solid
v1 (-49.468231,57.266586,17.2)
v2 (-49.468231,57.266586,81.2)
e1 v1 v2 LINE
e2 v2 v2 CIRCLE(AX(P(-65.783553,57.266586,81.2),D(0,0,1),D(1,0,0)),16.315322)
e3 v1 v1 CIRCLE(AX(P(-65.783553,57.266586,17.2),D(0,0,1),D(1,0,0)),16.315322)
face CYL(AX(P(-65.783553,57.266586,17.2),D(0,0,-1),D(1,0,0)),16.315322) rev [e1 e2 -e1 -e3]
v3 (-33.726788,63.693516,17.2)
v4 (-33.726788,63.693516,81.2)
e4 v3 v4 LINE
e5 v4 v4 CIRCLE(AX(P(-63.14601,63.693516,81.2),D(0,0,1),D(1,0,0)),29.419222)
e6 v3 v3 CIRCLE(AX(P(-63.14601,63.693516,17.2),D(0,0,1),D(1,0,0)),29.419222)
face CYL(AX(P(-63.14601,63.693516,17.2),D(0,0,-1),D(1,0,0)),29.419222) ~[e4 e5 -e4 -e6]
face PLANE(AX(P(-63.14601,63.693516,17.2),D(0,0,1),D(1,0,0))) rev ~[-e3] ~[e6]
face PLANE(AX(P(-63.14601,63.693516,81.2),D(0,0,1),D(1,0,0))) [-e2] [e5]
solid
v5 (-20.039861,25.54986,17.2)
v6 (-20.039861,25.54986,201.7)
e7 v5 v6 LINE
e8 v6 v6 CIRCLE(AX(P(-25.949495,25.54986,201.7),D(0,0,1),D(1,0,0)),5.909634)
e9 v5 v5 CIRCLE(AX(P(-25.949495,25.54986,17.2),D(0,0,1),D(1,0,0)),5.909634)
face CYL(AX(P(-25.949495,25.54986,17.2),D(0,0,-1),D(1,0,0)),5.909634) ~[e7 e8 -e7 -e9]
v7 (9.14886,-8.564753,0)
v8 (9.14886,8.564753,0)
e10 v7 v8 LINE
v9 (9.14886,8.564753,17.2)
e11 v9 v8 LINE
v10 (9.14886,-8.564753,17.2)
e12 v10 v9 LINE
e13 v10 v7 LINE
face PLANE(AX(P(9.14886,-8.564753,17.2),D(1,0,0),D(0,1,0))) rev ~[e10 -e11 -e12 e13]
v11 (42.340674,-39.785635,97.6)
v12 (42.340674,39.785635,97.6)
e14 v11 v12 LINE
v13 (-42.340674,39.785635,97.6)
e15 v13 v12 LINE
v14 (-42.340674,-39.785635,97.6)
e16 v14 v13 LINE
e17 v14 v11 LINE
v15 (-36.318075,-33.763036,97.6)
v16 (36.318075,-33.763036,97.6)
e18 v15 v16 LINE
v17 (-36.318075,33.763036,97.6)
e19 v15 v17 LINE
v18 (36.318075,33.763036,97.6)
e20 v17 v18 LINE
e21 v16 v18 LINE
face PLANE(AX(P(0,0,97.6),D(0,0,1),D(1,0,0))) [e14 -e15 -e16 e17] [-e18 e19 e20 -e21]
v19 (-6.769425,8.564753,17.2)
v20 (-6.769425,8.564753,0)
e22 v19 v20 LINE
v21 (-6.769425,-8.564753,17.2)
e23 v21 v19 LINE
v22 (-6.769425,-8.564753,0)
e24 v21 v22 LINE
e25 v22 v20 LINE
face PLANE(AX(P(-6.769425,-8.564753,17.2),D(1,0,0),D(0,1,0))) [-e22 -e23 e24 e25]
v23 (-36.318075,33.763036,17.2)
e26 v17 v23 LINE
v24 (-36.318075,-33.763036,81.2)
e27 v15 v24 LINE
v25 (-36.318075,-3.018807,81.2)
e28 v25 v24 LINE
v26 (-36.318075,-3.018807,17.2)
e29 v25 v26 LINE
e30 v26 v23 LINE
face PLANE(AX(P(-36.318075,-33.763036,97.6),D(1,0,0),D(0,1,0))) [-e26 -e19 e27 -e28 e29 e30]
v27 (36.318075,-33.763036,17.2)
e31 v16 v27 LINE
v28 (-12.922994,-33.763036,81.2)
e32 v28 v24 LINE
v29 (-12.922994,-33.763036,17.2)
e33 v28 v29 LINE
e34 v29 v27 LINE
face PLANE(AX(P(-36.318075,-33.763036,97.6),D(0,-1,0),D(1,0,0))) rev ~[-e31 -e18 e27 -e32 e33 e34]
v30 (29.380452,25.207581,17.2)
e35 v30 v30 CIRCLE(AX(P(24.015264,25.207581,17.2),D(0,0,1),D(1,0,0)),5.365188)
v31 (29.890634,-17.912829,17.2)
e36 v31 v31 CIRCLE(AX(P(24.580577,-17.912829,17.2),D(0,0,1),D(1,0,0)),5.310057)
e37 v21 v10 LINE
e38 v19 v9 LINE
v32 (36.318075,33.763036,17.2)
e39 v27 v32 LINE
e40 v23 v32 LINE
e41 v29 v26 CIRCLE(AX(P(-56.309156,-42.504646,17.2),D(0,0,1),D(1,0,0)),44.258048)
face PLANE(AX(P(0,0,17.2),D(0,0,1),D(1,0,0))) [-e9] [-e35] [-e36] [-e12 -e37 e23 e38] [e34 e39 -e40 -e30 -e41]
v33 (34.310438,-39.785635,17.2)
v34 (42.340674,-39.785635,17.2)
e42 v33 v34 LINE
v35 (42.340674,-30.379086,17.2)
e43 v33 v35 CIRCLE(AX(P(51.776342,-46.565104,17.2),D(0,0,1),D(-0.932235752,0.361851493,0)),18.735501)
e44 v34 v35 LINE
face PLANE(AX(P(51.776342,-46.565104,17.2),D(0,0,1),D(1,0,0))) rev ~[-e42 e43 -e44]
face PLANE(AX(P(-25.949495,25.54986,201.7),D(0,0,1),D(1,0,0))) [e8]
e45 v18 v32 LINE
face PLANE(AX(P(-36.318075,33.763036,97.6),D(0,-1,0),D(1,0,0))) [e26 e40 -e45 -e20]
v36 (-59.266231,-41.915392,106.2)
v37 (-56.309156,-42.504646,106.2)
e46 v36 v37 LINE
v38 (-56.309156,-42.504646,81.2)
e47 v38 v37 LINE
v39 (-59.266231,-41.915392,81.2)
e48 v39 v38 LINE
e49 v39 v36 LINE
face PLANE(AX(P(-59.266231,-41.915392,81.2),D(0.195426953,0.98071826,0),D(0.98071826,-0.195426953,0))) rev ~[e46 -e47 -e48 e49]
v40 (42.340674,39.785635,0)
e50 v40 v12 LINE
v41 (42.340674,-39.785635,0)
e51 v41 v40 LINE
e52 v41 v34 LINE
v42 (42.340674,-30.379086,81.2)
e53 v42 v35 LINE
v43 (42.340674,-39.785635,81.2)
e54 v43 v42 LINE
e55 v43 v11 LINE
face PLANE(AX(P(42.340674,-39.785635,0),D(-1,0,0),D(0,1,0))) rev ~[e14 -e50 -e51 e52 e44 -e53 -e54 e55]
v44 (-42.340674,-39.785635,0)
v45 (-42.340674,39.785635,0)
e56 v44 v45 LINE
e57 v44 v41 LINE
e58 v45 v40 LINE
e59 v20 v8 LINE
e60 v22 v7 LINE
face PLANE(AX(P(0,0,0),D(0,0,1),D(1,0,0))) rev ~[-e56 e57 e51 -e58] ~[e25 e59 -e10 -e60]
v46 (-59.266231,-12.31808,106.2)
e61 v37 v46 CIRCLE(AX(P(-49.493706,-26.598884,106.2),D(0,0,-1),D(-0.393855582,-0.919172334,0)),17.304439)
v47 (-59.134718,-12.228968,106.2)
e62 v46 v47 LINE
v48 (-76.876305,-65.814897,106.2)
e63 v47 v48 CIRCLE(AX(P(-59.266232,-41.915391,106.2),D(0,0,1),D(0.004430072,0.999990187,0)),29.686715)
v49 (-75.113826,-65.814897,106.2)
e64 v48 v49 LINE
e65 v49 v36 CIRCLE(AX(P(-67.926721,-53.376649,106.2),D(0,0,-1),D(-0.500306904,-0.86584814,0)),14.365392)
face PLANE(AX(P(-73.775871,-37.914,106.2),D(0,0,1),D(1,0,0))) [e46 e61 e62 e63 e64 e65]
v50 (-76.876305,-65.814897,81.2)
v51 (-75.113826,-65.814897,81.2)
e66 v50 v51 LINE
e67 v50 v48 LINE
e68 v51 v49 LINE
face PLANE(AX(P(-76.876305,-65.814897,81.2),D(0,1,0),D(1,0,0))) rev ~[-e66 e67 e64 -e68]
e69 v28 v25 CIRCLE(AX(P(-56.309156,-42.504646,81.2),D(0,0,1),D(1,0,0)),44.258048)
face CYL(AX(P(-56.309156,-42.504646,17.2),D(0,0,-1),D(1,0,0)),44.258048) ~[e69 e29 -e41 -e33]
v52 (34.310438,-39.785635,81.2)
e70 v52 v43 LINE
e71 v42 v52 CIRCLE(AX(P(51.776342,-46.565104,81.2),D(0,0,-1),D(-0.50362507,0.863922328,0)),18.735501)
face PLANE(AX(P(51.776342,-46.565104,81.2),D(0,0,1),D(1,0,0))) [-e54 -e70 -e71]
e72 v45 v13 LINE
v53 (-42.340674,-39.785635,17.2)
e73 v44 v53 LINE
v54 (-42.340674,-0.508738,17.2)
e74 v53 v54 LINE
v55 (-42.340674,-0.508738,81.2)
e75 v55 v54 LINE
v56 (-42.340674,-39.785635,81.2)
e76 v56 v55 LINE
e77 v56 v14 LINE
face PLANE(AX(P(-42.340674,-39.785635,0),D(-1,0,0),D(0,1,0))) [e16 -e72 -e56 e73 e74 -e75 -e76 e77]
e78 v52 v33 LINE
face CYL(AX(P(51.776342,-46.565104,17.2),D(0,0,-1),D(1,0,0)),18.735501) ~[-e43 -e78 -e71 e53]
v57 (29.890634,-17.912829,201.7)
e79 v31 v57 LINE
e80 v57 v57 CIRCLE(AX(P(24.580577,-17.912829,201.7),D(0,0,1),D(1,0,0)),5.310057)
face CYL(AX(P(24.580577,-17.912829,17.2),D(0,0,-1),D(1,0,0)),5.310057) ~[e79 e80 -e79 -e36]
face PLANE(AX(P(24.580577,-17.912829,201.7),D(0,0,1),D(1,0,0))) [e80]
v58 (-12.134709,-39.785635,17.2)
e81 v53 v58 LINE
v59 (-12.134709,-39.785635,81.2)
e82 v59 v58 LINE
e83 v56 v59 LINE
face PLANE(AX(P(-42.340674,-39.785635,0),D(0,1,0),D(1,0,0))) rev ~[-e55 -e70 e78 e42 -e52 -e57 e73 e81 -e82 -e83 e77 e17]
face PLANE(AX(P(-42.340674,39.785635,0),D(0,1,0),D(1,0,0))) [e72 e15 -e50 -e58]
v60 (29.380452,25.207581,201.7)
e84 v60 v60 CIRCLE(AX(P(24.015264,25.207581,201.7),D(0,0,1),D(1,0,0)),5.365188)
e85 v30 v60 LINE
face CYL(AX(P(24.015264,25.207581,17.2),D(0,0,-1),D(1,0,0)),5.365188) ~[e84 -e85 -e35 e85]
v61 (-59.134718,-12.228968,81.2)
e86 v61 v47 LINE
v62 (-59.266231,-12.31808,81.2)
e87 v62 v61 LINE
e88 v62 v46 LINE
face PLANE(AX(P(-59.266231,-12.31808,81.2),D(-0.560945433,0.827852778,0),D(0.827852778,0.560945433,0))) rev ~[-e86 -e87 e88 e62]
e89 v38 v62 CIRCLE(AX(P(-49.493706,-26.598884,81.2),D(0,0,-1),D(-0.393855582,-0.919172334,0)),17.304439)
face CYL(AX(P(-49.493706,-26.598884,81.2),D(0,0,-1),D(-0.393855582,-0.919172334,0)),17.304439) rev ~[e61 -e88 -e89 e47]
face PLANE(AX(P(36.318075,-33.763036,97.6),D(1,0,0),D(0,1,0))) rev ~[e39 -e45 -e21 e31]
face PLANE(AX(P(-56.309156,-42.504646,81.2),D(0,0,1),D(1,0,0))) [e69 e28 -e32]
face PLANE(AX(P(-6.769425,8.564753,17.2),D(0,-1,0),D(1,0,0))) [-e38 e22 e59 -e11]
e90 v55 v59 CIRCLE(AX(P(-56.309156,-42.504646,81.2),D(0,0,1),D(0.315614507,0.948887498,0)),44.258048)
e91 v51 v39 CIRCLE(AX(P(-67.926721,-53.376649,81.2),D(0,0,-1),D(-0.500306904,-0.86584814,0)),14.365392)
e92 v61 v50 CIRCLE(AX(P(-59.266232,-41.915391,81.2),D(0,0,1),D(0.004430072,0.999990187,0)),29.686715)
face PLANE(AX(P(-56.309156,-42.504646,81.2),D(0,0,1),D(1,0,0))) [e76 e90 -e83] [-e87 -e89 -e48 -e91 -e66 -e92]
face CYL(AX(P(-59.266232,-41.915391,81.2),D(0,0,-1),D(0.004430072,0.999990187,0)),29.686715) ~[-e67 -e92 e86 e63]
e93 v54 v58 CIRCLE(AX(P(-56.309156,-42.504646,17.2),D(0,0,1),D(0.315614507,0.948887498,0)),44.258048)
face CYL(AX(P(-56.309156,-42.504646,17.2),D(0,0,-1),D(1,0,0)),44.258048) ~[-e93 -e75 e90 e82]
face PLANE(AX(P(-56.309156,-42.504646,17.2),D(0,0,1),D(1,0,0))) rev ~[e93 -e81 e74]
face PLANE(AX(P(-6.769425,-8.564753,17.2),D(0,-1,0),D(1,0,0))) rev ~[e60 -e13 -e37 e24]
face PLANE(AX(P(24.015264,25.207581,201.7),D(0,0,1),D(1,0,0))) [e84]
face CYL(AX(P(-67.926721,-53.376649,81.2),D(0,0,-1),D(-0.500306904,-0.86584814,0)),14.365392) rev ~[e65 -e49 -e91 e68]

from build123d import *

# Parameters (mm, degrees)
F0_W      = 84.681348
F0_H      = 79.57127
F1_DEPTH  = 97.6
F2_W      = 72.63615
F2_H      = 67.526072
F3_DEPTH  = 80.4
F4_W      = 15.918285
F4_H      = 17.129506
F5_DEPTH  = 25
F6_R      = 29.419222
F6_R_2    = 16.315322
F6_R_3    = 18.735501
F6_R_4    = 44.258048
F7_DEPTH  = 64
F9_DEPTH  = 25
F10_R     = 5.909634
F10_R_2   = 5.365188
F10_R_3   = 5.310057
F11_DEPTH = 184.5


with BuildPart() as f1:
    # F0 (on Top) → F1 (new body)
    with BuildSketch(Plane.XY):
        Rectangle(F0_W, F0_H)
    extrude(amount=F1_DEPTH)

    # F2 (on face) → F3 (cut)
    with BuildSketch(Plane.XY.offset(97.6)):
        Rectangle(F2_W, F2_H)
    extrude(amount=-F3_DEPTH, mode=Mode.SUBTRACT)

    # F4 (on face) → F5 (cut)
    with BuildSketch(Plane.XY.offset(17.2)):
        with Locations((1.189717, 0)):
            Rectangle(F4_W, F4_H)
    extrude(amount=-F5_DEPTH, mode=Mode.SUBTRACT)

    # F6 (on face) → F7 (join)
    with BuildSketch(Plane.XY.offset(17.2)):
        with Locations((-63.14601, 63.693516)):
            Circle(F6_R)
        with Locations((-65.783553, 57.266586)):
            Circle(F6_R_2, mode=Mode.SUBTRACT)
        with Locations((51.776342, -46.565104)):
            Circle(F6_R_3)
        with Locations((-56.309156, -42.504646)):
            Circle(F6_R_4)
    extrude(amount=F7_DEPTH)

    # F8 (on face) → F9 (join)
    with BuildSketch(Plane.XY.offset(81.2)):
        with BuildLine():
            Line((-59.266231, -12.31808), (-59.134718, -12.228968))
            ThreePointArc((-59.134718, -12.228968), (-87.44846, -32.584632), (-76.876305, -65.814897))
            Line((-76.876305, -65.814897), (-75.113826, -65.814897))
            ThreePointArc((-75.113826, -65.814897), (-79.899161, -45.437809), (-59.266231, -41.915392))
            Line((-59.266231, -41.915392), (-56.309156, -42.504646))
            ThreePointArc((-56.309156, -42.504646), (-66.71571, -28.285951), (-59.266231, -12.31808))
        make_face()
    extrude(amount=F9_DEPTH)

    # F10 (on face) → F11 (join)
    with BuildSketch(Plane.XY.offset(17.2)):
        with Locations((-25.949495, 25.54986)):
            Circle(F10_R)
        with Locations((24.015264, 25.207581)):
            Circle(F10_R_2)
        with Locations((24.580577, -17.912829)):
            Circle(F10_R_3)
    extrude(amount=F11_DEPTH)


solid = f1.part
